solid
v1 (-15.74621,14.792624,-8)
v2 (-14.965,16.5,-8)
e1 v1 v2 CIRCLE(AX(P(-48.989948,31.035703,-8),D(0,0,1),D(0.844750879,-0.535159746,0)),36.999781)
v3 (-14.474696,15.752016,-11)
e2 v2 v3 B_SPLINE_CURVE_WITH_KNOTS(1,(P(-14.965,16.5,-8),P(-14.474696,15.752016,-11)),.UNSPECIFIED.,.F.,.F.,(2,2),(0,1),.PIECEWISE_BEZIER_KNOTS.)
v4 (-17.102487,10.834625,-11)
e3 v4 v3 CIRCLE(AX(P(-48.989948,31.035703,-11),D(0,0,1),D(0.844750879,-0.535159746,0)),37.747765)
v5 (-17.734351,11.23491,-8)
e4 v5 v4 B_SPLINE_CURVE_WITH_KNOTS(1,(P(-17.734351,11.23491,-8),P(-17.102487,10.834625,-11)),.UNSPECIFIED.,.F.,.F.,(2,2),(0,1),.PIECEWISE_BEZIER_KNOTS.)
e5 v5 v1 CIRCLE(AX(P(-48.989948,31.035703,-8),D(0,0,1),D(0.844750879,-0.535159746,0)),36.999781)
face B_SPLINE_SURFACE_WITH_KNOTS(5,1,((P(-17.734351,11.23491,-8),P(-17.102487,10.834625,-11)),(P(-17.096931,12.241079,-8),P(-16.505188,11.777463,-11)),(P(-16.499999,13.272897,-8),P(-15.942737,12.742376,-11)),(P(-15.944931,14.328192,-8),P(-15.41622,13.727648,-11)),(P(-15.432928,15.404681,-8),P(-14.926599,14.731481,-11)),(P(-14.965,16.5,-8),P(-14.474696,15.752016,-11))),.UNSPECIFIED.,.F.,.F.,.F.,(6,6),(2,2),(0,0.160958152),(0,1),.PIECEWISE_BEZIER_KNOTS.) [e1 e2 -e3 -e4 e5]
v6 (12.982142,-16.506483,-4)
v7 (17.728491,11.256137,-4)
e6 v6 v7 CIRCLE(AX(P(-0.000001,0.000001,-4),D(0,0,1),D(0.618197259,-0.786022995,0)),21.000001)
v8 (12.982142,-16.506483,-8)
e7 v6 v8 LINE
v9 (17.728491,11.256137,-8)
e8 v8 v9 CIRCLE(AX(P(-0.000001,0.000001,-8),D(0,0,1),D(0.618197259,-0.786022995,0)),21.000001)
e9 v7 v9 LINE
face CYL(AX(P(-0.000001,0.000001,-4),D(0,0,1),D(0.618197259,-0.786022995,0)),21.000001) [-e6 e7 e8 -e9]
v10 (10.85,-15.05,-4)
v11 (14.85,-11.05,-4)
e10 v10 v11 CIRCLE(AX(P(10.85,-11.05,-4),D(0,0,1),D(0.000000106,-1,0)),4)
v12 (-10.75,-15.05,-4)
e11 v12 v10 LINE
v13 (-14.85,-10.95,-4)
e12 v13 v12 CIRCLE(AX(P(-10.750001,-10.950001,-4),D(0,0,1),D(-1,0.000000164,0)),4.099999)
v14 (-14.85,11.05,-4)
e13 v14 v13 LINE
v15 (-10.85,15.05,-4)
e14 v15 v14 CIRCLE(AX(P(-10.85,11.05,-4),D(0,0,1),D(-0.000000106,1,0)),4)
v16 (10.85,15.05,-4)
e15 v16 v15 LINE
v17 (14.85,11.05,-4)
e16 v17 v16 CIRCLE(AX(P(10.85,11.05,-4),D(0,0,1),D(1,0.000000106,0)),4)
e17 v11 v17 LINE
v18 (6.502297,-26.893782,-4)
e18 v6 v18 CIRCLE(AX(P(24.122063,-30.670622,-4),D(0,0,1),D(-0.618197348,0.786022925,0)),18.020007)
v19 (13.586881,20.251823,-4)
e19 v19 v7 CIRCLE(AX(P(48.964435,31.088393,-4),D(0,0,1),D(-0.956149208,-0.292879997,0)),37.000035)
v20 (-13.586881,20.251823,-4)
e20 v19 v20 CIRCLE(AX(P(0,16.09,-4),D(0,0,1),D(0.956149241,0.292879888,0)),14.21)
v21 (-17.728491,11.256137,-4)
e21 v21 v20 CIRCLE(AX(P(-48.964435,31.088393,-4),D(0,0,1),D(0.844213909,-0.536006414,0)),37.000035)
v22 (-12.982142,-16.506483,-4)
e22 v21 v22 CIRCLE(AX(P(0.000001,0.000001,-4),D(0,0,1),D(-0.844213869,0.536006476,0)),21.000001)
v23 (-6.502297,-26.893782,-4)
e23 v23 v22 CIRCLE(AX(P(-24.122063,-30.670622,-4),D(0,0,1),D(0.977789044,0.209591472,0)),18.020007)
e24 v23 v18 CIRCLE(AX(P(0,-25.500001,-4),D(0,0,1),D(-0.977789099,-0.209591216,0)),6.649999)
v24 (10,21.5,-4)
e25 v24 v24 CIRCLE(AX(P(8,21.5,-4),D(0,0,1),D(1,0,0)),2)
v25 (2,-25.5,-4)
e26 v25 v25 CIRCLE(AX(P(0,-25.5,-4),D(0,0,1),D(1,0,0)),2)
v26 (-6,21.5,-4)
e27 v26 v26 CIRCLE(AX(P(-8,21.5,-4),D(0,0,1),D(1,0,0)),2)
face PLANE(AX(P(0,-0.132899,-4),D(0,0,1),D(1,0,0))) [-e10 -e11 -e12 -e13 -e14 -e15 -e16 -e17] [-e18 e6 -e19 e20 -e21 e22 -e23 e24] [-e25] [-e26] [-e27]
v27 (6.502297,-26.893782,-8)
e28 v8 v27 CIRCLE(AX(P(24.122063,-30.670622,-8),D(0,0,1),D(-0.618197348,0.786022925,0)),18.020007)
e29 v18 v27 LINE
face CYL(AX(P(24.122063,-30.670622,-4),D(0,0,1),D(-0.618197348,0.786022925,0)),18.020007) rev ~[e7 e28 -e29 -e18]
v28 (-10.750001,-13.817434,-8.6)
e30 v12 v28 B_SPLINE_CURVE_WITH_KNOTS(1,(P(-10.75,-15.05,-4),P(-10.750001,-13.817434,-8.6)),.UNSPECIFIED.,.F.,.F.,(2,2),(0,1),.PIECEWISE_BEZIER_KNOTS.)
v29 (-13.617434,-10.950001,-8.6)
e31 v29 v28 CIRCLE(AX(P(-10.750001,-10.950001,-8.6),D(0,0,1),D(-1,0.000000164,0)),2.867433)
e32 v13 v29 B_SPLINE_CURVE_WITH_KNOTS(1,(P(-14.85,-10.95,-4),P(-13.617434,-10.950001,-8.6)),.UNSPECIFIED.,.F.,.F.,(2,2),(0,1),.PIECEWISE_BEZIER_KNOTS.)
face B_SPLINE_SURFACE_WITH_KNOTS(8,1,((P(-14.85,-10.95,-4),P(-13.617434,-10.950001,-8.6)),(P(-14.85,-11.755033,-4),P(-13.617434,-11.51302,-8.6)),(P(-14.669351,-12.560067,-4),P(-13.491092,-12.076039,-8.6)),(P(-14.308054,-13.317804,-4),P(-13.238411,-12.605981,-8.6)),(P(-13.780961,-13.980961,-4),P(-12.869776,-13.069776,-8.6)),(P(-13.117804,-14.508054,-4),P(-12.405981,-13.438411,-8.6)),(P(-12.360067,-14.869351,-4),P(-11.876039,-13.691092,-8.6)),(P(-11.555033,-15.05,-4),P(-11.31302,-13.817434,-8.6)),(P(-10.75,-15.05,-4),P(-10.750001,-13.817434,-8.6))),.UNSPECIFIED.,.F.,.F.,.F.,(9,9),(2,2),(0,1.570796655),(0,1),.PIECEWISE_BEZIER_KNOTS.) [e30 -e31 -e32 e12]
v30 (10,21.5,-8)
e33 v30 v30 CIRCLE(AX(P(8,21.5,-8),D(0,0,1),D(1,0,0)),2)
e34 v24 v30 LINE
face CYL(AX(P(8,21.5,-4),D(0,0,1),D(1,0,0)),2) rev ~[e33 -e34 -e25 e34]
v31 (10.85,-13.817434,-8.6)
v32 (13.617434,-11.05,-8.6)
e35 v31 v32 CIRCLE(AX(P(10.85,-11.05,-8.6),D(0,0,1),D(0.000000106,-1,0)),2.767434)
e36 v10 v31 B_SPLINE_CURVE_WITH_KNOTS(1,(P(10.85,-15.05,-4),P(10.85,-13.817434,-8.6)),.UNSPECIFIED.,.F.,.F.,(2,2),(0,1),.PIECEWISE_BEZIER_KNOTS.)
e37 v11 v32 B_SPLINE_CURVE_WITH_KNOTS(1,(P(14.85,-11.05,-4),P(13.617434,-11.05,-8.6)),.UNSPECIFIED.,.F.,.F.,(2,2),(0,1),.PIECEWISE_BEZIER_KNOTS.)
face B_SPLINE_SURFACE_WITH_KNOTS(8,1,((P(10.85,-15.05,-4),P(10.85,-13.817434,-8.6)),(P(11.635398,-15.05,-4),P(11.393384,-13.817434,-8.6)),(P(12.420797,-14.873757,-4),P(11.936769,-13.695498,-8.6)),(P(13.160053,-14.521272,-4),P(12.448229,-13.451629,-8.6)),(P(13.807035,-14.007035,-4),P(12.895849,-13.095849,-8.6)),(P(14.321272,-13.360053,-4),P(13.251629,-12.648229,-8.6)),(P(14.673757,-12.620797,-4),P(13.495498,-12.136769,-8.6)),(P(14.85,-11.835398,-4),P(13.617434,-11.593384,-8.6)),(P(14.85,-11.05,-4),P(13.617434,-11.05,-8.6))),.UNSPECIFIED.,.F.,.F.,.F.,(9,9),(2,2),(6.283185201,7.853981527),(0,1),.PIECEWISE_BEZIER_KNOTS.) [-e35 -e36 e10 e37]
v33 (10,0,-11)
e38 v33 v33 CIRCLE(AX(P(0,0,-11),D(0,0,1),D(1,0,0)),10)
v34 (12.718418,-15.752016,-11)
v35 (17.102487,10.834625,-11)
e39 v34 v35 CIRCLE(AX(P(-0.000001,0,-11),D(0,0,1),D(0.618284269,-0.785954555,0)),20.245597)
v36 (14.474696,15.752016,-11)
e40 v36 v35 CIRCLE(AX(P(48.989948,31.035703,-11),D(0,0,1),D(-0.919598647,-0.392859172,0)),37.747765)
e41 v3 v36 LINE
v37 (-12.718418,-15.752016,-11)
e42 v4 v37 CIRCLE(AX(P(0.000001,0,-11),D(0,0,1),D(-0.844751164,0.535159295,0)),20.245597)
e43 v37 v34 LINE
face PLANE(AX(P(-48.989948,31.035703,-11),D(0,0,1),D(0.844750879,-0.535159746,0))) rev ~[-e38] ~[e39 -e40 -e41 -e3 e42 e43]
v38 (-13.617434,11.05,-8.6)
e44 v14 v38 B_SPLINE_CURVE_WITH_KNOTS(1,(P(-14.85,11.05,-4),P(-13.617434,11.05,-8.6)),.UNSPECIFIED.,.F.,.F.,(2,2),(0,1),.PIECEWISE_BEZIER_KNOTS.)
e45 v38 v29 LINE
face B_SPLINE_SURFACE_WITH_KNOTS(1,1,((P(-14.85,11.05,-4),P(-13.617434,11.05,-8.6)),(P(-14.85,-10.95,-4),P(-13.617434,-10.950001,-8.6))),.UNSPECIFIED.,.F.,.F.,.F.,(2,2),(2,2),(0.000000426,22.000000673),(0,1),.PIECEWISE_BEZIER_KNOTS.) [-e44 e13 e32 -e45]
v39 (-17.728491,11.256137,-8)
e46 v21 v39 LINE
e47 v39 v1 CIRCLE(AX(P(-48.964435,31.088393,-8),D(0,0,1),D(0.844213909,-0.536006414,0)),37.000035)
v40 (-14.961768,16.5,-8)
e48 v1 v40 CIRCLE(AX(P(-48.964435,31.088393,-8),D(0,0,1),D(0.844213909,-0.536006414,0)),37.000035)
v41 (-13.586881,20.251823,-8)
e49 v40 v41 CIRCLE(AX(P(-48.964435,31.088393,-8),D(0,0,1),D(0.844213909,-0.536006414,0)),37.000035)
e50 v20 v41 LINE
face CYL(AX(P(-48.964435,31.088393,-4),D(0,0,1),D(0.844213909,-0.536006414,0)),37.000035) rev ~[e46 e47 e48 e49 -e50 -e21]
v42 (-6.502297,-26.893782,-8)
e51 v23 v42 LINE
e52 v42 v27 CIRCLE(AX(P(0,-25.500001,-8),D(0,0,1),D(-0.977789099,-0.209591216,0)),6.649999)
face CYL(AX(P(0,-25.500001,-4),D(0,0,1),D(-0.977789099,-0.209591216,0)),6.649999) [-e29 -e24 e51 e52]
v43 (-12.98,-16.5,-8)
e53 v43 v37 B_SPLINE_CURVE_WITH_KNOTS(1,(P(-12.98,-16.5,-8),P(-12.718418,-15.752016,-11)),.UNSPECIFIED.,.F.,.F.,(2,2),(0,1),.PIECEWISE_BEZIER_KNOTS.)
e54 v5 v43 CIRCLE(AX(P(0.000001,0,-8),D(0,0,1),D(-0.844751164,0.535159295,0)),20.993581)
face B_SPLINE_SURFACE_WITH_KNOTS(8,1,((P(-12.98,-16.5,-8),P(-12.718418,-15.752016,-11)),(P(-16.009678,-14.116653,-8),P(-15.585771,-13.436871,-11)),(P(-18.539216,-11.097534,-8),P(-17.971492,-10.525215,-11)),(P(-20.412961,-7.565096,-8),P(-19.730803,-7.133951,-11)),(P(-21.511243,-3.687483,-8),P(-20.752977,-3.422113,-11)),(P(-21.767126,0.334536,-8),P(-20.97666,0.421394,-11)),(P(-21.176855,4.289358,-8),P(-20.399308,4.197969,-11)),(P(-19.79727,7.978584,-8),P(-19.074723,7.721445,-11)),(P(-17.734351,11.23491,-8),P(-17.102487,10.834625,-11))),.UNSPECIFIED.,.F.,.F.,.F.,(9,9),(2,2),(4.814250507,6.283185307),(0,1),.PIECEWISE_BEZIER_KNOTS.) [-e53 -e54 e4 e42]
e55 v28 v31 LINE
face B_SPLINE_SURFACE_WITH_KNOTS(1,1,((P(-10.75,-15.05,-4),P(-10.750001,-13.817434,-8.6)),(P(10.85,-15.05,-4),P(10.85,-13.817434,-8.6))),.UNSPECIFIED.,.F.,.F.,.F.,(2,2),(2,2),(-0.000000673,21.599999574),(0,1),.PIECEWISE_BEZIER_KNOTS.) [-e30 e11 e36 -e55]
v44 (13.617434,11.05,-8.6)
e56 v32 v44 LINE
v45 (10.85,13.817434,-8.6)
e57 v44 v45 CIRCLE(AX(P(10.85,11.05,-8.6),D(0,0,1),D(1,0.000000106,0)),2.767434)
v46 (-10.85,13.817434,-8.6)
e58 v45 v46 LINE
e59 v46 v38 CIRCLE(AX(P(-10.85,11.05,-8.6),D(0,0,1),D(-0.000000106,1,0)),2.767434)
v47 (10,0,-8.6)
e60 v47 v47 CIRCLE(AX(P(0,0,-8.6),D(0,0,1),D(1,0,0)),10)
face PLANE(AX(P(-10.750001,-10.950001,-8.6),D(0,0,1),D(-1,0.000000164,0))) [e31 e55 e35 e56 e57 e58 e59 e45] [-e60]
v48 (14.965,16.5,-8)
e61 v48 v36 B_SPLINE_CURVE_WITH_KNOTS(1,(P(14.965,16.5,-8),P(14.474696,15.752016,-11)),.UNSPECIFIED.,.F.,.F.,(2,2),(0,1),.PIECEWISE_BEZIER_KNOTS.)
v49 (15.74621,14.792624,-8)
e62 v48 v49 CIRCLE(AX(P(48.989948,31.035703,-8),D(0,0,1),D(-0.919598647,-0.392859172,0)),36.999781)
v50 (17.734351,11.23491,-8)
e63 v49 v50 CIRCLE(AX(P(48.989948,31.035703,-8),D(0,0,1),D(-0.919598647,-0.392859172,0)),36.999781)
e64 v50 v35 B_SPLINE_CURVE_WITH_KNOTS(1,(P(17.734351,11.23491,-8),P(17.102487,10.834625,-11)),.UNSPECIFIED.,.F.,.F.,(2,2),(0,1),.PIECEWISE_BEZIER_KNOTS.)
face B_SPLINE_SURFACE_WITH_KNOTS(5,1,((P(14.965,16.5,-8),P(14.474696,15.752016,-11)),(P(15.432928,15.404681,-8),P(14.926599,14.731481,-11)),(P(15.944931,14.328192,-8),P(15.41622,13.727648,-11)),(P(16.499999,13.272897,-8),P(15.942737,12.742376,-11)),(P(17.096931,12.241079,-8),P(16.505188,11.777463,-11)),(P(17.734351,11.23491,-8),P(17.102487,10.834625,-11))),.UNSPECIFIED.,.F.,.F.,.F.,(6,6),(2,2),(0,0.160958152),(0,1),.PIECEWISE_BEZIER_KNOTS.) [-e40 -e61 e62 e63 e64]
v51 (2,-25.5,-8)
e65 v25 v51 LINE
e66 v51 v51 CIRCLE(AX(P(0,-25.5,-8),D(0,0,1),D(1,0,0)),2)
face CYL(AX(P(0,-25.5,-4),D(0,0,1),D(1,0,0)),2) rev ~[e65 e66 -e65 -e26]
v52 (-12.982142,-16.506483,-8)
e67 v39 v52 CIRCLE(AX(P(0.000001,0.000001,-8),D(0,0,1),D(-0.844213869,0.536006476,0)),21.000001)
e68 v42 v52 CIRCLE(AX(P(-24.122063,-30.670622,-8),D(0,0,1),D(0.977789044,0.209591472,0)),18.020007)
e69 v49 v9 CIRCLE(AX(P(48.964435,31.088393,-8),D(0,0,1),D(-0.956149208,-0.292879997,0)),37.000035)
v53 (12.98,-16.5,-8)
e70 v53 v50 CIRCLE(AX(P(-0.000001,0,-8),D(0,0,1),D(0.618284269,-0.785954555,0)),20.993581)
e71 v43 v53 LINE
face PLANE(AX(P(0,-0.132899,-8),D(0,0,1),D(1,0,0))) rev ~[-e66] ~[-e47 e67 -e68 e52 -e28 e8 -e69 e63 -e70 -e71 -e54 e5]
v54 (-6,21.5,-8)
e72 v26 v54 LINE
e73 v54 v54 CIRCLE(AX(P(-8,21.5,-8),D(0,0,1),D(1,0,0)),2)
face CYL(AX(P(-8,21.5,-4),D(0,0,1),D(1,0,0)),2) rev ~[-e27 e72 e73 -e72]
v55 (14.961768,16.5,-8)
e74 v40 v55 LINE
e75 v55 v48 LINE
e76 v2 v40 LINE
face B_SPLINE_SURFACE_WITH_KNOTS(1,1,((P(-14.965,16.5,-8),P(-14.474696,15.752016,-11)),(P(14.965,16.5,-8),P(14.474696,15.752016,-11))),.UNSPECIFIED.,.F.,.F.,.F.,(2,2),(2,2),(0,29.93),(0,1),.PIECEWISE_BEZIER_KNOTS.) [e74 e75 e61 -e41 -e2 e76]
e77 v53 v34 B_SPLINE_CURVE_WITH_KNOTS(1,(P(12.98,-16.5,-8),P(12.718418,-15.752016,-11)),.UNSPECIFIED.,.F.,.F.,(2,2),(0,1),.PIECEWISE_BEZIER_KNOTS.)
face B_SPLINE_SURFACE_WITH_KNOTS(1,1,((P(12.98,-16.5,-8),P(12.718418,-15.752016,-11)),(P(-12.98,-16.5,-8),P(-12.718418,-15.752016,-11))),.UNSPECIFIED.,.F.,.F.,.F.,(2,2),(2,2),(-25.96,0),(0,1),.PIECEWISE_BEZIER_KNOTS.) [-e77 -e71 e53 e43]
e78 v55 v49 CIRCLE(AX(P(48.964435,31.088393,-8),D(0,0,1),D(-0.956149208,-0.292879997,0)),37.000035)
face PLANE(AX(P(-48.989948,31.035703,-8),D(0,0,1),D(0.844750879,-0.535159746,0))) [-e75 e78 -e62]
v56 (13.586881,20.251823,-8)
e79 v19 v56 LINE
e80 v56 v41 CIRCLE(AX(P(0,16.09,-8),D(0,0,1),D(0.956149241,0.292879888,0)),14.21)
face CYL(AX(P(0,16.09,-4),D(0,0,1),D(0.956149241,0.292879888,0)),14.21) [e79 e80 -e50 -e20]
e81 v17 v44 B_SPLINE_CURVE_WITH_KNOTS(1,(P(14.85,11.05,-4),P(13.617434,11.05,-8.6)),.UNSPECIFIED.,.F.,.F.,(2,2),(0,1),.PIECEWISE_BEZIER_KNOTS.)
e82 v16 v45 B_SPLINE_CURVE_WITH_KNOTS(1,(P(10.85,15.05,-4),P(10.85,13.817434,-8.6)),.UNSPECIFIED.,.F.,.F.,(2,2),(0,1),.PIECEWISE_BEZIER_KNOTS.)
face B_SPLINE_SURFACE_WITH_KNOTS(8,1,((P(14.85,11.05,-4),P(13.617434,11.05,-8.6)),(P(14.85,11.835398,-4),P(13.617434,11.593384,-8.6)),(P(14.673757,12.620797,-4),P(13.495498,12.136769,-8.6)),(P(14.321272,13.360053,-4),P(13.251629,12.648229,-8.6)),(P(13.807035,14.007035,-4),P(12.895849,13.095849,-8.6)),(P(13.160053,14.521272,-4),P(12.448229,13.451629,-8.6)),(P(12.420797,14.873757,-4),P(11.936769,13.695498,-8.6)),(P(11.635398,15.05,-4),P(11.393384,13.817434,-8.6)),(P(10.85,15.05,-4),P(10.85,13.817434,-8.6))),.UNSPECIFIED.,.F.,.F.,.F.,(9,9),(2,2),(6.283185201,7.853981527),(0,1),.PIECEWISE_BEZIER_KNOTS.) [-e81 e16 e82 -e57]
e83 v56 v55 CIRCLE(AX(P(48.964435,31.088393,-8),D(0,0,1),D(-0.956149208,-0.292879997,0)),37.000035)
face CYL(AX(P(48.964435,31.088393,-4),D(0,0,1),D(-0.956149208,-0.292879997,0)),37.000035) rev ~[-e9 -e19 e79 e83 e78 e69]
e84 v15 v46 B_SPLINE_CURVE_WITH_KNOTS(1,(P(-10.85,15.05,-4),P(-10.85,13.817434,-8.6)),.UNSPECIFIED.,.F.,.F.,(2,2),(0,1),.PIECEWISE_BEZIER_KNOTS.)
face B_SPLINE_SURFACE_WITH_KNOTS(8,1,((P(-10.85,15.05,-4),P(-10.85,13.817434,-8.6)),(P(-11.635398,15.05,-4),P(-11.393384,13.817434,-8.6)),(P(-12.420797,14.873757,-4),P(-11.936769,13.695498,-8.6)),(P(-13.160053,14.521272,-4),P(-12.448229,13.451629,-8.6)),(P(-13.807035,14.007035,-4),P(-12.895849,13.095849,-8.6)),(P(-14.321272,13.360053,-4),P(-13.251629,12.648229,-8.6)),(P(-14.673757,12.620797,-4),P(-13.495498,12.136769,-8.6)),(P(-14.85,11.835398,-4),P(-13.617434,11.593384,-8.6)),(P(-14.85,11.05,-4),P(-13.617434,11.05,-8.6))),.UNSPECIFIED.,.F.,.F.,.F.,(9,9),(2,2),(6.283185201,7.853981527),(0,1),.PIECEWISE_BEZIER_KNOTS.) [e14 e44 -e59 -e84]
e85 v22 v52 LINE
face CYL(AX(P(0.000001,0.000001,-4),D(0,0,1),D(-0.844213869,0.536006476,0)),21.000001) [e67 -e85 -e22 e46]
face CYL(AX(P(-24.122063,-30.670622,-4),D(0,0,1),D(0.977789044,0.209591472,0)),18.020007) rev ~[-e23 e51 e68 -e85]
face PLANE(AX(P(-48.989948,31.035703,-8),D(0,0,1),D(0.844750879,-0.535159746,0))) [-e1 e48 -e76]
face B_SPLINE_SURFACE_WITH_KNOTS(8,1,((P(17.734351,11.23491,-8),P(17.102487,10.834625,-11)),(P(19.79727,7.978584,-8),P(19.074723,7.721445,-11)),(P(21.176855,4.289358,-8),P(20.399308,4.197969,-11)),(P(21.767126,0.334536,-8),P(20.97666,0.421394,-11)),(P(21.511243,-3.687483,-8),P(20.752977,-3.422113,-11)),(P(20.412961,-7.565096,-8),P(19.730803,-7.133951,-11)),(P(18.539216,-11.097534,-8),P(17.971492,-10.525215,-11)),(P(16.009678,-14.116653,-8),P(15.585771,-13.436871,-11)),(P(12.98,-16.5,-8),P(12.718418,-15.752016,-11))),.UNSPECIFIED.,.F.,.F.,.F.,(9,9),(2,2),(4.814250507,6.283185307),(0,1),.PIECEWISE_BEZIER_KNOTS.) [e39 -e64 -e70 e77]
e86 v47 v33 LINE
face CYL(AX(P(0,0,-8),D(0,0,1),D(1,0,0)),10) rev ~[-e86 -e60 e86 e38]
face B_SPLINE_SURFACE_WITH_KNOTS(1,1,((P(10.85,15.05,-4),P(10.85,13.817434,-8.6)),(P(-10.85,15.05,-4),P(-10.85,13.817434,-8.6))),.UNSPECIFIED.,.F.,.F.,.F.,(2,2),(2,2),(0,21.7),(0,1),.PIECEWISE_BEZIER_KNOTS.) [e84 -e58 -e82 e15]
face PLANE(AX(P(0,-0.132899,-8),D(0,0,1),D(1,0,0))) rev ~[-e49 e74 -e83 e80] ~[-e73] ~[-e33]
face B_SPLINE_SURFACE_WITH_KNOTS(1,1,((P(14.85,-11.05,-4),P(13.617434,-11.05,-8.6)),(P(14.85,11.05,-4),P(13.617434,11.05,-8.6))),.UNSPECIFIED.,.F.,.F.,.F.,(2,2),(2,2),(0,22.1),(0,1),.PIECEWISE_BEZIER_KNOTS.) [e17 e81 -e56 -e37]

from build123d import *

# Parameters (mm, degrees)
PAD018_DEPTH    = 3
PAD018_TAPER    = 14
SKETCH032_R     = 10
HOLE009_DEPTH   = 25
SKETCH034_R     = 2
PAD022_DEPTH    = 4
POCKET002_DEPTH = 4.6
POCKET002_TAPER = 15


with BuildPart() as part:
    # Sketch031 → Pad018 (new body)
    with BuildSketch(Plane.XY.offset(-4)):
        with BuildLine():
            ThreePointArc((-17.734351, 11.23491), (-16.243686, 13.811706), (-14.965, 16.5))
            Line((-14.965, 16.5), (14.965, 16.5))
            ThreePointArc((14.965, 16.5), (16.243686, 13.811706), (17.734351, 11.23491))
            ThreePointArc((12.98, -16.5), (20.691765, -3.547007), (17.734351, 11.23491))
            Line((-12.98, -16.5), (12.98, -16.5))
            ThreePointArc((-17.734351, 11.23491), (-20.691765, -3.547007), (-12.98, -16.5))
        make_face()
    extrude(amount=-PAD018_DEPTH, taper=PAD018_TAPER)

    # Sketch032 → Hole009 (cut)
    with BuildSketch(Plane.XY.offset(-4)):
        Circle(SKETCH032_R)
    extrude(amount=-HOLE009_DEPTH, mode=Mode.SUBTRACT)

    # Sketch034 → Pad022 (join)
    with BuildSketch(Plane.XY):
        with BuildLine():
            ThreePointArc((13.586881, 20.251823), (0, 30.3), (-13.586881, 20.251823))
            ThreePointArc((-17.728491, 11.256137), (-15.355357, 15.614788), (-13.586881, 20.251823))
            ThreePointArc((-17.728491, 11.256137), (-20.699674, -3.538854), (-12.982142, -16.506483))
            ThreePointArc((-6.502297, -26.893782), (-8.833051, -21.132971), (-12.982142, -16.506483))
            ThreePointArc((-6.502297, -26.893782), (0, -32.15), (6.502297, -26.893782))
            ThreePointArc((12.982142, -16.506483), (8.833051, -21.132971), (6.502297, -26.893782))
            ThreePointArc((12.982142, -16.506483), (20.699674, -3.538854), (17.728491, 11.256137))
            ThreePointArc((13.586881, 20.251823), (15.355357, 15.614788), (17.728491, 11.256137))
        make_face()
        with Locations((0, -25.5)):
            Circle(SKETCH034_R, mode=Mode.SUBTRACT)
        with Locations((-8, 21.5)):
            Circle(SKETCH034_R, mode=Mode.SUBTRACT)
        with Locations((8, 21.5)):
            Circle(SKETCH034_R, mode=Mode.SUBTRACT)
    extrude(amount=-PAD022_DEPTH)

    # Sketch035 → Pocket002 (cut)
    with BuildSketch(Plane.XY):
        with BuildLine():
            Line((-14.85, 11.05), (-14.85, -10.95))
            ThreePointArc((-14.85, -10.95), (-13.649138, -13.849138), (-10.75, -15.05))
            Line((-10.75, -15.05), (10.85, -15.05))
            ThreePointArc((10.85, -15.05), (13.678427, -13.878427), (14.85, -11.05))
            Line((14.85, -11.05), (14.85, 11.05))
            ThreePointArc((14.85, 11.05), (13.678427, 13.878427), (10.85, 15.05))
            Line((10.85, 15.05), (-10.85, 15.05))
            ThreePointArc((-10.85, 15.05), (-13.678427, 13.878427), (-14.85, 11.05))
        make_face()
    extrude(amount=-POCKET002_DEPTH, taper=POCKET002_TAPER, mode=Mode.SUBTRACT)


with BuildPart() as part_1:
    # Body010 placement: moved
    add(part.part.moved(Location((0, 0, -4))))


solid = part_1.part
